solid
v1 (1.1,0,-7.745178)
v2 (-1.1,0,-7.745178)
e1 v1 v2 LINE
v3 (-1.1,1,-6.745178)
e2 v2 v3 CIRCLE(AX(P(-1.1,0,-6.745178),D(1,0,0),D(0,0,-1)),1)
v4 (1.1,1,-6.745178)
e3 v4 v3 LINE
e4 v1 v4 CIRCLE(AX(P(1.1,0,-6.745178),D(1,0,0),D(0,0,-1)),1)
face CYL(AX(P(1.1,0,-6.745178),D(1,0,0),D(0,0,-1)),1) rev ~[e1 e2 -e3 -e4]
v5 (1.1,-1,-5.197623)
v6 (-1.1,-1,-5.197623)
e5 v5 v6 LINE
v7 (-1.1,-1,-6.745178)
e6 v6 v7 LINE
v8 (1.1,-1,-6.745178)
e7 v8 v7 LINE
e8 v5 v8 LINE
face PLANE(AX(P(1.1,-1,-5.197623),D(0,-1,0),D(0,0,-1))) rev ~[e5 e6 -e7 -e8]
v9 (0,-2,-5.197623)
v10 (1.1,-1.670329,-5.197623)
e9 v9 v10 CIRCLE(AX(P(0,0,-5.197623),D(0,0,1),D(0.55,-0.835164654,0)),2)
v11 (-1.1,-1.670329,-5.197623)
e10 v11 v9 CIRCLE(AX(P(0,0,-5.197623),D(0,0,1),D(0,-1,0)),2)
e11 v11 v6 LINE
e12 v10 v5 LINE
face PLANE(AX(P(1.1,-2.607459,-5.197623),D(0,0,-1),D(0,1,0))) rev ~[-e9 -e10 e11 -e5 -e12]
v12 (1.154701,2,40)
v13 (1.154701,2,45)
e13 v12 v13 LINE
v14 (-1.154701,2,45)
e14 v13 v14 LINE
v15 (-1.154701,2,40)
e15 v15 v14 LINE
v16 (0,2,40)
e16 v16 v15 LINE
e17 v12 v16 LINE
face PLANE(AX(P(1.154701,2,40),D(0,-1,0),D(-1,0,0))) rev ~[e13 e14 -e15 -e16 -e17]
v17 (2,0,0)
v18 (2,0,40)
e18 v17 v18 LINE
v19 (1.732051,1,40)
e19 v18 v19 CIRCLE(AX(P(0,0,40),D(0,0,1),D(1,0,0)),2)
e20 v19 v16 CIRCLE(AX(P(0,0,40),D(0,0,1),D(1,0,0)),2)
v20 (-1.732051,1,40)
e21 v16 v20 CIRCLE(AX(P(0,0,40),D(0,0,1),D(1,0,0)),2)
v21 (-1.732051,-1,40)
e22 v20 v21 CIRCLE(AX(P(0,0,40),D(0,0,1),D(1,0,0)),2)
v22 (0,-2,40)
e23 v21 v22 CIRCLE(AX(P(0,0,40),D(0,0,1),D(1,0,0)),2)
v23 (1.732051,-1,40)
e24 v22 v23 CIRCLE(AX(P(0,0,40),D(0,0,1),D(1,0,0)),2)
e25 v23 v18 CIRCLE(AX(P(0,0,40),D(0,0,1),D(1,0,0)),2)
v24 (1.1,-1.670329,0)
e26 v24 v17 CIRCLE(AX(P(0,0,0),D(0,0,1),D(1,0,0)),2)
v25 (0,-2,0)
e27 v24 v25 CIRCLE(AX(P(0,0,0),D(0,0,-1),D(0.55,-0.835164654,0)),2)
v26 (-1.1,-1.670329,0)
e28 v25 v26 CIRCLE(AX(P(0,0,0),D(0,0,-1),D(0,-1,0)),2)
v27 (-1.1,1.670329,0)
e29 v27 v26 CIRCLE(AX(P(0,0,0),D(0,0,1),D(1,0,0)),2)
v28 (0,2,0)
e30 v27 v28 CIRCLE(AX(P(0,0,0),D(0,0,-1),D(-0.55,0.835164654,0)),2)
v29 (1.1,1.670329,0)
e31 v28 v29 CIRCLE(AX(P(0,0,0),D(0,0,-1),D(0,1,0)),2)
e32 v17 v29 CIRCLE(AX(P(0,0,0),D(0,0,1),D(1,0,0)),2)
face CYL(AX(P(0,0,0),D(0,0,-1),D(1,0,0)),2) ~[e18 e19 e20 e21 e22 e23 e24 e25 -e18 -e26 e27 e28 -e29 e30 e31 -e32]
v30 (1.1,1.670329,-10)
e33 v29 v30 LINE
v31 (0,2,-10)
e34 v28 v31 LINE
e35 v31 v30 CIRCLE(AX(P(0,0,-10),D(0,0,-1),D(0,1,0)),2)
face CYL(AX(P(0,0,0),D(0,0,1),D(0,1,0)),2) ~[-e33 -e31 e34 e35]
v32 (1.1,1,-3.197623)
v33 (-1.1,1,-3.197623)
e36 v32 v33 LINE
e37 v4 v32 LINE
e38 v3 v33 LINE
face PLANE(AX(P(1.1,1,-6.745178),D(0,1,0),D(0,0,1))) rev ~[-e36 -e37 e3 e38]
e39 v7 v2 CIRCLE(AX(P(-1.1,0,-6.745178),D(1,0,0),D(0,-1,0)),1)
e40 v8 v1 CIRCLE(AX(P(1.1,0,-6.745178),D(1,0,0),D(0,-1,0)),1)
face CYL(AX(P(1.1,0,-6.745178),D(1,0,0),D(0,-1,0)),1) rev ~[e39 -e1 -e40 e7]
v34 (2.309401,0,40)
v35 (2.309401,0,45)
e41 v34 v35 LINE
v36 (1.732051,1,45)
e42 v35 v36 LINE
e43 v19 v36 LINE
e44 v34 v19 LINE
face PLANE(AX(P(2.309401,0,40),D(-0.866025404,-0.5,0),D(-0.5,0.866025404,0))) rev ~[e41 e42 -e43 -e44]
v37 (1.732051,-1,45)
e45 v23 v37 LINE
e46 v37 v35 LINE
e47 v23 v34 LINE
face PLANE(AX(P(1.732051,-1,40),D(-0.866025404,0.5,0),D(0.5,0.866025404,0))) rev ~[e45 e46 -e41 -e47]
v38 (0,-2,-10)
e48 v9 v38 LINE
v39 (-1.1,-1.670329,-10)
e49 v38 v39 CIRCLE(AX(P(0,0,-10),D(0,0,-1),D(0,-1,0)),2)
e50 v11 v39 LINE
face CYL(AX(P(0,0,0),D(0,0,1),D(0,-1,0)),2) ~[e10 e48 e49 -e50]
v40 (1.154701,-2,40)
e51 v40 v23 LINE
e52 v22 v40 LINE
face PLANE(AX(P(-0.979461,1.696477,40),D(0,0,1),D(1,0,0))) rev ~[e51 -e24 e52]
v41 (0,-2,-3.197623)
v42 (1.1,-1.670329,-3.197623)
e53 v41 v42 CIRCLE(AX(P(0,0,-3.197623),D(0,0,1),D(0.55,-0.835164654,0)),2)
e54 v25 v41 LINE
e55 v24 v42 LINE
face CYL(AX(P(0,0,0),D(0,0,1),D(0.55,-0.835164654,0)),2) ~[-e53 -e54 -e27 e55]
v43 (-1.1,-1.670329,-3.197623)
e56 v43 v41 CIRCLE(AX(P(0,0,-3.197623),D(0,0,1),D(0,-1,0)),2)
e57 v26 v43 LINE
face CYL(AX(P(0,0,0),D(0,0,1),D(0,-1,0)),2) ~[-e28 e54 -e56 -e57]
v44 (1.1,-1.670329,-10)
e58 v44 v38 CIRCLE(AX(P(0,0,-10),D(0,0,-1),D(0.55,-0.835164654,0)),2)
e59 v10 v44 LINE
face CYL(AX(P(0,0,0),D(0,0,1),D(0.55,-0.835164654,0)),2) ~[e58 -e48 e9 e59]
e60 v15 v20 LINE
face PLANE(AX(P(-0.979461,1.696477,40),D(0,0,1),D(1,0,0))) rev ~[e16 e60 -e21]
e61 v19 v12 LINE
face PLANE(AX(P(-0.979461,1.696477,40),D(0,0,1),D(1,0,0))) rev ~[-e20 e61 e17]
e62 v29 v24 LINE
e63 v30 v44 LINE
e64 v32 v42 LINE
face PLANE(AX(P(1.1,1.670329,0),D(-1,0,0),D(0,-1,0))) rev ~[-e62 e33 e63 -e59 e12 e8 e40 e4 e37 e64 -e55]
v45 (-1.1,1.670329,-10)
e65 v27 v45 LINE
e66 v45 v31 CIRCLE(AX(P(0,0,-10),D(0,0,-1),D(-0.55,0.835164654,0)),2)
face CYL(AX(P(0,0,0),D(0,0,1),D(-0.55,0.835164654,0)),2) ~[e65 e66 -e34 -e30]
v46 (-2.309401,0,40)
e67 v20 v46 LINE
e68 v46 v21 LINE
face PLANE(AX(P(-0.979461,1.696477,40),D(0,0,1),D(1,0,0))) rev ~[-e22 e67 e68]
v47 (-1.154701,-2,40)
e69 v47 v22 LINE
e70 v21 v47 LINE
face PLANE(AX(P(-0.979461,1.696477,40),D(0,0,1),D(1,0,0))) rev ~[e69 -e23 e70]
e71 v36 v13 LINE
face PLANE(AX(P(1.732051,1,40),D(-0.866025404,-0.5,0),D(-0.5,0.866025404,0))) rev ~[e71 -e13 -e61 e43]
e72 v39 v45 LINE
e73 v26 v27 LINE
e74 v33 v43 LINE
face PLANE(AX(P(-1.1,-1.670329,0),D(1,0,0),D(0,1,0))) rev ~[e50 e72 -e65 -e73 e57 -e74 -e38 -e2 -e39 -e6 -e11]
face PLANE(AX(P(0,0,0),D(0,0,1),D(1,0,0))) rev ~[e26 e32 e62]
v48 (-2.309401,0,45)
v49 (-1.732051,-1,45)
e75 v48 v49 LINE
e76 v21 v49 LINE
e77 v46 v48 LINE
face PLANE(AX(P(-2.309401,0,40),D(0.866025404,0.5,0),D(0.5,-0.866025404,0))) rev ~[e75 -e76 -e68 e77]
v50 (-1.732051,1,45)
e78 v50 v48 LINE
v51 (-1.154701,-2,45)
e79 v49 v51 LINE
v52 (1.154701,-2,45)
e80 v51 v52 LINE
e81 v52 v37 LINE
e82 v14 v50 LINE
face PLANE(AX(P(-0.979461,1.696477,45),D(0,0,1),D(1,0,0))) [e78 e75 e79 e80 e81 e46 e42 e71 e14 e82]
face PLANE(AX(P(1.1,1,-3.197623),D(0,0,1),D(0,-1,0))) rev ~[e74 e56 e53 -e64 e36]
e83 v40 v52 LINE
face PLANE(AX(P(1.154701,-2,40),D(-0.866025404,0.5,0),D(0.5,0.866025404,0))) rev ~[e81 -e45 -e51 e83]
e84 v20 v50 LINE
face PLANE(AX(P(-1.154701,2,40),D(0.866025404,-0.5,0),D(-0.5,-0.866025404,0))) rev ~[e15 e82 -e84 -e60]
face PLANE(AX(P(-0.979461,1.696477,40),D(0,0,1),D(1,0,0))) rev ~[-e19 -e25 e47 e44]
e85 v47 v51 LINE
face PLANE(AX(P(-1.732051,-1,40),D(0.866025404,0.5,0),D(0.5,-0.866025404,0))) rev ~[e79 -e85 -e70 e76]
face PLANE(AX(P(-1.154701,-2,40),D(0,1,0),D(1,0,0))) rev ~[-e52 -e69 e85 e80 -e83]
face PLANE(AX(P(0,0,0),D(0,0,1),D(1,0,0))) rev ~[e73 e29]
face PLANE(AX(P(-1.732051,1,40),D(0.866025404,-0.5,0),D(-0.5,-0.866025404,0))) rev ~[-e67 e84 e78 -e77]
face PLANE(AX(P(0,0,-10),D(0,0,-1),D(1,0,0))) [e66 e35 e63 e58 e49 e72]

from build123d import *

# Parameters (mm, degrees)
F0_R     = 2
F1_DEPTH = 40
F3_DEPTH = 5
F5_DEPTH = 10
F6_W     = 0.9371294279
F6_H     = 2
F6_W_2   = 0.6703293088
F6_W_3   = 1
F7_DEPTH = 25


with BuildPart() as f1:
    # F0 (on Top) → F1 (new body)
    with BuildSketch(Plane.XY):
        Circle(F0_R)
    extrude(amount=F1_DEPTH)

    # F2 (on face) → F3 (join)
    with BuildSketch(Plane.XY.offset(40)):
        with BuildLine():
            Line((0, 2), (-1.1547005384, 2))
            Line((-1.1547005384, 2), (-1.7320507826, 1.0000000433))
            ThreePointArc((-1.7320507826, 1.0000000433), (-0.9999999783, 1.7320508201), (0, 2))
        make_face()
        with BuildLine():
            ThreePointArc((-1.7320507826, -1.0000000433), (-2, 0), (-1.7320507826, 1.0000000433))
            Line((-1.7320507826, 1.0000000433), (-2.3094010768, 0))
            Line((-2.3094010768, 0), (-1.7320507826, -1.0000000433))
        make_face()
        with BuildLine():
            ThreePointArc((0, -2), (-0.9999999783, -1.7320508201), (-1.7320507826, -1.0000000433))
            Line((-1.7320507826, -1.0000000433), (-1.1547005384, -2))
            Line((-1.1547005384, -2), (0, -2))
        make_face()
        with BuildLine():
            ThreePointArc((1.7320507983, -1.0000000161), (0.999999992, -1.7320508122), (0, -2))
            Line((0, -2), (1.1547005384, -2))
            Line((1.1547005384, -2), (1.7320507983, -1.0000000161))
        make_face()
        with BuildLine():
            Line((2.3094010768, 0), (1.7320507826, 1.0000000433))
            ThreePointArc((1.7320507826, 1.0000000433), (1.9318516461, 0.5176381144), (2, 0))
            ThreePointArc((2, 0), (1.9318516502, -0.5176380992), (1.7320507983, -1.0000000161))
            Line((1.7320507983, -1.0000000161), (2.3094010768, 0))
        make_face()
        with BuildLine():
            Line((1.1547005384, 2), (0, 2))
            ThreePointArc((0, 2), (0.9999999783, 1.7320508201), (1.7320507826, 1.0000000433))
            Line((1.7320507826, 1.0000000433), (1.1547005384, 2))
        make_face()
        with BuildLine():
            ThreePointArc((1.7320507826, 1.0000000433), (0.9999999783, 1.7320508201), (0, 2))
            ThreePointArc((0, 2), (-0.9999999783, 1.7320508201), (-1.7320507826, 1.0000000433))
            ThreePointArc((-1.7320507826, 1.0000000433), (-2, 0), (-1.7320507826, -1.0000000433))
            ThreePointArc((-1.7320507826, -1.0000000433), (-0.9999999783, -1.7320508201), (0, -2))
            ThreePointArc((0, -2), (0.999999992, -1.7320508122), (1.7320507983, -1.0000000161))
            ThreePointArc((1.7320507983, -1.0000000161), (1.9318516502, -0.5176380992), (2, 0))
            ThreePointArc((2, 0), (1.9318516461, 0.5176381144), (1.7320507826, 1.0000000433))
        make_face()
    extrude(amount=F3_DEPTH)

    # F4 (on face) → F5 (join)
    with BuildSketch(Plane(origin=(0, 0, 0), x_dir=(1, 0, 0), z_dir=(0, 0, -1))):
        with BuildLine():
            ThreePointArc((1.1, 1.6703293088), (0.5741695665, 1.915810353), (0, 2))
            ThreePointArc((0, 2), (-0.5741695665, 1.915810353), (-1.1, 1.6703293088))
            Line((-1.1, 1.6703293088), (-1.1, -1.6703293088))
            ThreePointArc((-1.1, -1.6703293088), (-0.5741695665, -1.915810353), (0, -2))
            ThreePointArc((0, -2), (0.5741695665, -1.915810353), (1.1, -1.6703293088))
            Line((1.1, -1.6703293088), (1.1, 1.6703293088))
        make_face()
    extrude(amount=F5_DEPTH)

    # F6 (on face) → F7 (cut)
    with BuildSketch(Plane.YZ.offset(1.1)):
        with Locations((-2.1388940228, -4.197623184)):
            Rectangle(F6_W, F6_H)
        with Locations((-1.3351646544, -4.197623184)):
            Rectangle(F6_W_2, F6_H)
        with Locations((-0.5, -4.197623184)):
            Rectangle(F6_W_3, F6_H)
        with BuildLine():
            Line((1, -3.197623184), (0, -3.197623184))
            Line((0, -3.197623184), (0, -5.197623184))
            Line((0, -5.197623184), (-1, -5.197623184))
            Line((-1, -5.197623184), (-1, -6.7451779507))
            ThreePointArc((-1, -6.7451779507), (-0.7071067812, -7.4522847319), (0, -7.7451779507))
            ThreePointArc((0, -7.7451779507), (0.7071067812, -7.4522847319), (1, -6.7451779507))
            Line((1, -6.7451779507), (1, -3.197623184))
        make_face()
    extrude(amount=-F7_DEPTH, mode=Mode.SUBTRACT)


solid = f1.part
